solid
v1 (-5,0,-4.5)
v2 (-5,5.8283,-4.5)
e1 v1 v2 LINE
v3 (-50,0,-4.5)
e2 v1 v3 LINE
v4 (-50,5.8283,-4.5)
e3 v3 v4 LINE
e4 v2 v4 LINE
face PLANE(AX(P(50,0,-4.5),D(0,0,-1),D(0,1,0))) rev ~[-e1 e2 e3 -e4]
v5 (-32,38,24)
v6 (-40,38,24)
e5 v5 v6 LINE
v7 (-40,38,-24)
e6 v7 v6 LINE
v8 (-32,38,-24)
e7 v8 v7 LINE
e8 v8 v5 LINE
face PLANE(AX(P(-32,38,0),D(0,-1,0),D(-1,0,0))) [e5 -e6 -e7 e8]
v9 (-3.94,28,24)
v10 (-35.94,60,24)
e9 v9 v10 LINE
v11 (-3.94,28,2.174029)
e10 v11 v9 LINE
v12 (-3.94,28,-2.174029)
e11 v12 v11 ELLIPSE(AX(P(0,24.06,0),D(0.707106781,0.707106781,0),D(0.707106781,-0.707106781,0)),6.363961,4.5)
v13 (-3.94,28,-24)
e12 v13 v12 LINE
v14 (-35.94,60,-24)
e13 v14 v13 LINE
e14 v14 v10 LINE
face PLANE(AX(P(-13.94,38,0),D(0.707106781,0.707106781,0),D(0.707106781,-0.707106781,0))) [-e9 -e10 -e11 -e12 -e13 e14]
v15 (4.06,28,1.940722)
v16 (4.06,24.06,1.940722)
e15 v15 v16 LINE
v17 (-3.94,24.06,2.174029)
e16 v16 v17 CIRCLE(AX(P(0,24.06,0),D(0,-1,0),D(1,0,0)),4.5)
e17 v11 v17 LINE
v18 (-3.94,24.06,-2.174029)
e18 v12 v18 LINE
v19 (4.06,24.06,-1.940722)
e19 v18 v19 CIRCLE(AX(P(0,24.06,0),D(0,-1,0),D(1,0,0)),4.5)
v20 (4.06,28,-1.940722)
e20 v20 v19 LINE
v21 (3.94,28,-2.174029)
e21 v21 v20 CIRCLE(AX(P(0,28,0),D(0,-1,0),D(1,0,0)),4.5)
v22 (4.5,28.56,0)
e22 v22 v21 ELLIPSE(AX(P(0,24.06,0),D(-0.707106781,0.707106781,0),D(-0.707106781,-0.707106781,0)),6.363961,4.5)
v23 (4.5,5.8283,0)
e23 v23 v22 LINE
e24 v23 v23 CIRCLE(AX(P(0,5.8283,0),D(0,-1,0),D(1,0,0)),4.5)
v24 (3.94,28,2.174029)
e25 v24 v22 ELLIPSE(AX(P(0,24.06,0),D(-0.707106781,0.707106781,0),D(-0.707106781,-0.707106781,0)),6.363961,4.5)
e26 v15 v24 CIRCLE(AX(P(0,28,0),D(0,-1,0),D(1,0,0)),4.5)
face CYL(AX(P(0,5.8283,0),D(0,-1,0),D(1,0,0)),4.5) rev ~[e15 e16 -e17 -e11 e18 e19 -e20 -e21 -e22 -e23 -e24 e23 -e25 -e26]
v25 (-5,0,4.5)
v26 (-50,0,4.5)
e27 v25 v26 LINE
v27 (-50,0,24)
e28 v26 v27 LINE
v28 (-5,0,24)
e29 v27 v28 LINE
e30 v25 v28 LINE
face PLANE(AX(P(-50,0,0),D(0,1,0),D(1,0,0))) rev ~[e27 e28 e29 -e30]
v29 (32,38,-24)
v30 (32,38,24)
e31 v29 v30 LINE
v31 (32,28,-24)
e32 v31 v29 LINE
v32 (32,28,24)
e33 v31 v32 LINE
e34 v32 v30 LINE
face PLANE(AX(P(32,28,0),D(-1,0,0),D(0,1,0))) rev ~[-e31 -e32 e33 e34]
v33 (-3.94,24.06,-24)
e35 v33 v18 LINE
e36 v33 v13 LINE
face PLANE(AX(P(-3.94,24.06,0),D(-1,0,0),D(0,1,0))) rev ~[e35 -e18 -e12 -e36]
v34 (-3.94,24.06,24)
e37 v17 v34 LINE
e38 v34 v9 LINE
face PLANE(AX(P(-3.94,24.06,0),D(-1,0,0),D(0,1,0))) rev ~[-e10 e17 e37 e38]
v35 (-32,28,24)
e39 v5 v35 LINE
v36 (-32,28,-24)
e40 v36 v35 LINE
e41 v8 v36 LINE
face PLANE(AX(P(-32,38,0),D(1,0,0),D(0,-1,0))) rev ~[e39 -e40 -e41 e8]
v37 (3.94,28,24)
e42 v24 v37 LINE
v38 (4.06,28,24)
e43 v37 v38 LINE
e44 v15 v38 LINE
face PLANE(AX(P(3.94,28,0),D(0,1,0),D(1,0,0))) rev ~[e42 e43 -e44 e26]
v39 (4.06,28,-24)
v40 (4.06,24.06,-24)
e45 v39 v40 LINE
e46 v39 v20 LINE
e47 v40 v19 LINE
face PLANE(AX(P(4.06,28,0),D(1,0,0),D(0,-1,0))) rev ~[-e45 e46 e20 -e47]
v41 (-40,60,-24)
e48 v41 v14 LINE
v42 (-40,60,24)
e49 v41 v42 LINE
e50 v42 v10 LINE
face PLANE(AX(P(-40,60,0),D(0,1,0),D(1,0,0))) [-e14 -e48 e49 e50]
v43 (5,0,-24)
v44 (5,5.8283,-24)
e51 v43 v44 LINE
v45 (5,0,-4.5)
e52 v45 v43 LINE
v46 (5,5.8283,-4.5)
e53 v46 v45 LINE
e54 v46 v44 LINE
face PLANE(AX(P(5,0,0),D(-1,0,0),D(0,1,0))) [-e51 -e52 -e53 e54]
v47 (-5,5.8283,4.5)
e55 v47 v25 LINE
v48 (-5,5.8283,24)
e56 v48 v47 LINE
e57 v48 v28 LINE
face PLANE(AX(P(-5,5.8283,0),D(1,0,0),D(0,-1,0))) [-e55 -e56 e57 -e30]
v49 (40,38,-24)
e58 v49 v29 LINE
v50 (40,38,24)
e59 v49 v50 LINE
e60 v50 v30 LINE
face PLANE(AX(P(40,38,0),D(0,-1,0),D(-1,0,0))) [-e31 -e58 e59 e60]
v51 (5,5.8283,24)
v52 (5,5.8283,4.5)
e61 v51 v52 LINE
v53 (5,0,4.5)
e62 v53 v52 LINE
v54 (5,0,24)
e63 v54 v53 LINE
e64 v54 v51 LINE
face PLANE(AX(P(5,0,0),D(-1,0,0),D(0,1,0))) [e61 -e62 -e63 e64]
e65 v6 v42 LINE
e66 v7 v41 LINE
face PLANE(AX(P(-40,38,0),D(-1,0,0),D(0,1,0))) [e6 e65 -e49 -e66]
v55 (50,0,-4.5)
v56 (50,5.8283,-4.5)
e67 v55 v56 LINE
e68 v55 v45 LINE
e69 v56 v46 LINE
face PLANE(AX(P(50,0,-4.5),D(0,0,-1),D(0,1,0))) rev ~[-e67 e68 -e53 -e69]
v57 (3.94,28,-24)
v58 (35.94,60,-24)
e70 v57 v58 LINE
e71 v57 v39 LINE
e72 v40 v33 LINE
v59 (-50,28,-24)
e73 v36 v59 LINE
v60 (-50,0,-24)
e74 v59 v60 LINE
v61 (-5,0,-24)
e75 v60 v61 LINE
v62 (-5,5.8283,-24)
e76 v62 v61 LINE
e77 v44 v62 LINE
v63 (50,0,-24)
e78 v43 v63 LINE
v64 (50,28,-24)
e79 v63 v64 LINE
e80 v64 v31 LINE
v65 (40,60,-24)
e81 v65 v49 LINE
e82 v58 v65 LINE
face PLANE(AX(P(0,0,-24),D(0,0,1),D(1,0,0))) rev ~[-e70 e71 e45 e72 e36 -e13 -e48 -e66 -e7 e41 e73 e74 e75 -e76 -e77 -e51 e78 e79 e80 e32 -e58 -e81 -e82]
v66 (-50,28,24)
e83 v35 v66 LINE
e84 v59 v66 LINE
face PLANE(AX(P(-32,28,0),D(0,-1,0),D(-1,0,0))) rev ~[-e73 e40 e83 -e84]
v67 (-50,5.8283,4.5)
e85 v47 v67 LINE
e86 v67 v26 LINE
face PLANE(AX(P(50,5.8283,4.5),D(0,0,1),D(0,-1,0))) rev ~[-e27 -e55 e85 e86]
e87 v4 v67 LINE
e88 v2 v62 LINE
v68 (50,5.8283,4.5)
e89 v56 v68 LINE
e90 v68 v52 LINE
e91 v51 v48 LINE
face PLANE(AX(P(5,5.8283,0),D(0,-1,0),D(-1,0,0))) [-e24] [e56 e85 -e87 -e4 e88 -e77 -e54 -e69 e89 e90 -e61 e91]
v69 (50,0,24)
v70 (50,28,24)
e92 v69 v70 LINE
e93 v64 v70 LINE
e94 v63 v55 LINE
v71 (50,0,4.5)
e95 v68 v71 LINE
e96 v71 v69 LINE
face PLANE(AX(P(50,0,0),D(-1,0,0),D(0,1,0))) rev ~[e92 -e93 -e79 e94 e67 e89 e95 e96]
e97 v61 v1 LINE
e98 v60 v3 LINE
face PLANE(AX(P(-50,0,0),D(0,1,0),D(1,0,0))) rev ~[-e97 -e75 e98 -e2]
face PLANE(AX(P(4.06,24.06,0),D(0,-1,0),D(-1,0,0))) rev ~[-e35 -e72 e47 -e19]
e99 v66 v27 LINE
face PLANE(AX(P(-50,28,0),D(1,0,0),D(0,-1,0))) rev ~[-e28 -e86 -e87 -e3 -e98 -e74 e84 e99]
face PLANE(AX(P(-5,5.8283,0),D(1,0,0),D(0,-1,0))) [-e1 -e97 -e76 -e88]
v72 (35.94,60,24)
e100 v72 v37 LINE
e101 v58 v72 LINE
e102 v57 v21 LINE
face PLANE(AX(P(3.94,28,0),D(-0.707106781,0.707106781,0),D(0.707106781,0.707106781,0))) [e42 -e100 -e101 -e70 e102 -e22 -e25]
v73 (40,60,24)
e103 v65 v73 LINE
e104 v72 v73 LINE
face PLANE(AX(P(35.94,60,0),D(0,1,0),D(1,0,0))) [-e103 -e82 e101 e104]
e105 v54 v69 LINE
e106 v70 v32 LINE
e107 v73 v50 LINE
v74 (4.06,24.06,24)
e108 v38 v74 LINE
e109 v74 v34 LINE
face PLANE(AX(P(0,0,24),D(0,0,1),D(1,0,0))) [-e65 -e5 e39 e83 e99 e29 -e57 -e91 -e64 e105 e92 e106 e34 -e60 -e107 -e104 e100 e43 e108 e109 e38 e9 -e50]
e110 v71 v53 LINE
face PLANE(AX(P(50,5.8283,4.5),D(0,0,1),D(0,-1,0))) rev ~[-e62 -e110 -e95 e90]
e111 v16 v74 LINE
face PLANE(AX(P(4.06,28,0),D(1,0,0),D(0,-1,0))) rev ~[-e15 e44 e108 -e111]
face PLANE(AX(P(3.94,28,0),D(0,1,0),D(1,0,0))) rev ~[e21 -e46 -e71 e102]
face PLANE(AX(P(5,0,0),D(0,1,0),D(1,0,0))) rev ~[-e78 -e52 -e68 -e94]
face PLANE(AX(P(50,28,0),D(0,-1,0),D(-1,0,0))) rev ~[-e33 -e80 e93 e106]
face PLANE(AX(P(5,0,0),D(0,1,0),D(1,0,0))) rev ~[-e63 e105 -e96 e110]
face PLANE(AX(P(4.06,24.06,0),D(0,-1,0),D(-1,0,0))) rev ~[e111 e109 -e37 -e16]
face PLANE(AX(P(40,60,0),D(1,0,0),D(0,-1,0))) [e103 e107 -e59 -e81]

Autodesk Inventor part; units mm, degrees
ref_plane "YZ Plane" through (0, 0, 0) normal (1, 0, 0) x (0, 1, 0)
ref_plane "XZ Plane" through (0, 0, 0) normal (0, 1, 0) x (-1, 0, 0)
ref_plane "XY Plane" through (0, 0, 0) normal (0, 0, 1) x (1, 0, 0)
sketch "스케치1" plane through (0, 0, 0) normal (0, 0, 1) x (1, 0, 0)
  line L0 (50, 0) -> (50, 28)
  line L1 (-50, 28) -> (-50, 0)
  line L2 (32, 28) -> (32, 38)
  line L3 (-32, 38) -> (-32, 28)
  line L4 (-40, 38) -> (-40, 60)
  line L5 (40, 60) -> (40, 38)
  line L6 (-35.94, 60) -> (-3.94, 28)
  line L7 (3.94, 28) -> (35.94, 60)
  line L8 (-40, 60) -> (-35.94, 60)
  line L9 (35.94, 60) -> (40, 60)
  line L10 (3.94, 28) -> (4.06, 28)
  line L11 (4.06, 28) -> (4.06, 24.06)
  line L12 (4.06, 24.06) -> (-3.94, 24.06)
  line L13 (-3.94, 24.06) -> (-3.94, 28)
  line L14 (-32, 28) -> (-3.94, 28)
  line L15 (3.94, 28) -> (32, 28)
  line L16 (50, 28) -> (3.94, 28)
  line L17 (-3.94, 28) -> (-50, 28)
  line L18 (32, 38) -> (13.94, 38)
  line L19 (-13.94, 38) -> (-32, 38)
  line L20 (40, 38) -> (13.94, 38)
  line L21 (-13.94, 38) -> (-40, 38)
  line L22 (4.06, 0) -> (5, 0)
  line L23 (5, 0) -> (5, 5.8283)
  line L24 (5, 5.8283) -> (-5, 5.8283)
  line L25 (-5, 5.8283) -> (-5, 0)
  line L26 (-50, 0) -> (-5, 0)
  line L27 (5, 0) -> (50, 0)
  point P0 (0, 0)
  point P1 (0, 0)
  dimension "d0" = 100
  dimension "d1" = 28
  dimension "d2" = 50
  dimension "d3" = 64
  dimension "d4" = 32
  dimension "d5" = 10
  dimension "d6" = 80
  dimension "d8" = 40
  dimension "d11" = 90
  dimension "d12" = 80
  dimension "d13" = 4.06
  dimension "d14" = 4.06
  dimension "d15" = 8
  dimension "d16" = 10
  dimension "d17" = 5
extrude "돌출1" add sketch "스케치1" along normal mid plane 48
sketch "스케치2" plane through (50, 0, 24) normal (1, 0, 0) x (0, 0, -1)
  line L0 (48, 0) -> (0, 0) projected
  line L1 (48, 5.8283) -> (0, 5.8283) projected
  line L2 (19.5, 0) -> (28.5, 0)
  line L3 (28.5, 0) -> (28.5, 5.8283)
  line L4 (28.5, 5.8283) -> (19.5, 5.8283)
  line L5 (19.5, 5.8283) -> (19.5, 0)
  point P0 (24, 0)
  dimension "d20" = 9
  dimension "d21" = 4.5
extrude "돌출2" cut sketch "스케치2" against normal through all
sketch "스케치3" plane through (-5, 5.8283, 24) normal (0, -1, 0) x (1, 0, 0)
  circle A0 centre (5, -24) radius 4.5
  dimension "d24" = 9
extrude "돌출3" cut sketch "스케치3" against normal through all
properties part number "부품1"
